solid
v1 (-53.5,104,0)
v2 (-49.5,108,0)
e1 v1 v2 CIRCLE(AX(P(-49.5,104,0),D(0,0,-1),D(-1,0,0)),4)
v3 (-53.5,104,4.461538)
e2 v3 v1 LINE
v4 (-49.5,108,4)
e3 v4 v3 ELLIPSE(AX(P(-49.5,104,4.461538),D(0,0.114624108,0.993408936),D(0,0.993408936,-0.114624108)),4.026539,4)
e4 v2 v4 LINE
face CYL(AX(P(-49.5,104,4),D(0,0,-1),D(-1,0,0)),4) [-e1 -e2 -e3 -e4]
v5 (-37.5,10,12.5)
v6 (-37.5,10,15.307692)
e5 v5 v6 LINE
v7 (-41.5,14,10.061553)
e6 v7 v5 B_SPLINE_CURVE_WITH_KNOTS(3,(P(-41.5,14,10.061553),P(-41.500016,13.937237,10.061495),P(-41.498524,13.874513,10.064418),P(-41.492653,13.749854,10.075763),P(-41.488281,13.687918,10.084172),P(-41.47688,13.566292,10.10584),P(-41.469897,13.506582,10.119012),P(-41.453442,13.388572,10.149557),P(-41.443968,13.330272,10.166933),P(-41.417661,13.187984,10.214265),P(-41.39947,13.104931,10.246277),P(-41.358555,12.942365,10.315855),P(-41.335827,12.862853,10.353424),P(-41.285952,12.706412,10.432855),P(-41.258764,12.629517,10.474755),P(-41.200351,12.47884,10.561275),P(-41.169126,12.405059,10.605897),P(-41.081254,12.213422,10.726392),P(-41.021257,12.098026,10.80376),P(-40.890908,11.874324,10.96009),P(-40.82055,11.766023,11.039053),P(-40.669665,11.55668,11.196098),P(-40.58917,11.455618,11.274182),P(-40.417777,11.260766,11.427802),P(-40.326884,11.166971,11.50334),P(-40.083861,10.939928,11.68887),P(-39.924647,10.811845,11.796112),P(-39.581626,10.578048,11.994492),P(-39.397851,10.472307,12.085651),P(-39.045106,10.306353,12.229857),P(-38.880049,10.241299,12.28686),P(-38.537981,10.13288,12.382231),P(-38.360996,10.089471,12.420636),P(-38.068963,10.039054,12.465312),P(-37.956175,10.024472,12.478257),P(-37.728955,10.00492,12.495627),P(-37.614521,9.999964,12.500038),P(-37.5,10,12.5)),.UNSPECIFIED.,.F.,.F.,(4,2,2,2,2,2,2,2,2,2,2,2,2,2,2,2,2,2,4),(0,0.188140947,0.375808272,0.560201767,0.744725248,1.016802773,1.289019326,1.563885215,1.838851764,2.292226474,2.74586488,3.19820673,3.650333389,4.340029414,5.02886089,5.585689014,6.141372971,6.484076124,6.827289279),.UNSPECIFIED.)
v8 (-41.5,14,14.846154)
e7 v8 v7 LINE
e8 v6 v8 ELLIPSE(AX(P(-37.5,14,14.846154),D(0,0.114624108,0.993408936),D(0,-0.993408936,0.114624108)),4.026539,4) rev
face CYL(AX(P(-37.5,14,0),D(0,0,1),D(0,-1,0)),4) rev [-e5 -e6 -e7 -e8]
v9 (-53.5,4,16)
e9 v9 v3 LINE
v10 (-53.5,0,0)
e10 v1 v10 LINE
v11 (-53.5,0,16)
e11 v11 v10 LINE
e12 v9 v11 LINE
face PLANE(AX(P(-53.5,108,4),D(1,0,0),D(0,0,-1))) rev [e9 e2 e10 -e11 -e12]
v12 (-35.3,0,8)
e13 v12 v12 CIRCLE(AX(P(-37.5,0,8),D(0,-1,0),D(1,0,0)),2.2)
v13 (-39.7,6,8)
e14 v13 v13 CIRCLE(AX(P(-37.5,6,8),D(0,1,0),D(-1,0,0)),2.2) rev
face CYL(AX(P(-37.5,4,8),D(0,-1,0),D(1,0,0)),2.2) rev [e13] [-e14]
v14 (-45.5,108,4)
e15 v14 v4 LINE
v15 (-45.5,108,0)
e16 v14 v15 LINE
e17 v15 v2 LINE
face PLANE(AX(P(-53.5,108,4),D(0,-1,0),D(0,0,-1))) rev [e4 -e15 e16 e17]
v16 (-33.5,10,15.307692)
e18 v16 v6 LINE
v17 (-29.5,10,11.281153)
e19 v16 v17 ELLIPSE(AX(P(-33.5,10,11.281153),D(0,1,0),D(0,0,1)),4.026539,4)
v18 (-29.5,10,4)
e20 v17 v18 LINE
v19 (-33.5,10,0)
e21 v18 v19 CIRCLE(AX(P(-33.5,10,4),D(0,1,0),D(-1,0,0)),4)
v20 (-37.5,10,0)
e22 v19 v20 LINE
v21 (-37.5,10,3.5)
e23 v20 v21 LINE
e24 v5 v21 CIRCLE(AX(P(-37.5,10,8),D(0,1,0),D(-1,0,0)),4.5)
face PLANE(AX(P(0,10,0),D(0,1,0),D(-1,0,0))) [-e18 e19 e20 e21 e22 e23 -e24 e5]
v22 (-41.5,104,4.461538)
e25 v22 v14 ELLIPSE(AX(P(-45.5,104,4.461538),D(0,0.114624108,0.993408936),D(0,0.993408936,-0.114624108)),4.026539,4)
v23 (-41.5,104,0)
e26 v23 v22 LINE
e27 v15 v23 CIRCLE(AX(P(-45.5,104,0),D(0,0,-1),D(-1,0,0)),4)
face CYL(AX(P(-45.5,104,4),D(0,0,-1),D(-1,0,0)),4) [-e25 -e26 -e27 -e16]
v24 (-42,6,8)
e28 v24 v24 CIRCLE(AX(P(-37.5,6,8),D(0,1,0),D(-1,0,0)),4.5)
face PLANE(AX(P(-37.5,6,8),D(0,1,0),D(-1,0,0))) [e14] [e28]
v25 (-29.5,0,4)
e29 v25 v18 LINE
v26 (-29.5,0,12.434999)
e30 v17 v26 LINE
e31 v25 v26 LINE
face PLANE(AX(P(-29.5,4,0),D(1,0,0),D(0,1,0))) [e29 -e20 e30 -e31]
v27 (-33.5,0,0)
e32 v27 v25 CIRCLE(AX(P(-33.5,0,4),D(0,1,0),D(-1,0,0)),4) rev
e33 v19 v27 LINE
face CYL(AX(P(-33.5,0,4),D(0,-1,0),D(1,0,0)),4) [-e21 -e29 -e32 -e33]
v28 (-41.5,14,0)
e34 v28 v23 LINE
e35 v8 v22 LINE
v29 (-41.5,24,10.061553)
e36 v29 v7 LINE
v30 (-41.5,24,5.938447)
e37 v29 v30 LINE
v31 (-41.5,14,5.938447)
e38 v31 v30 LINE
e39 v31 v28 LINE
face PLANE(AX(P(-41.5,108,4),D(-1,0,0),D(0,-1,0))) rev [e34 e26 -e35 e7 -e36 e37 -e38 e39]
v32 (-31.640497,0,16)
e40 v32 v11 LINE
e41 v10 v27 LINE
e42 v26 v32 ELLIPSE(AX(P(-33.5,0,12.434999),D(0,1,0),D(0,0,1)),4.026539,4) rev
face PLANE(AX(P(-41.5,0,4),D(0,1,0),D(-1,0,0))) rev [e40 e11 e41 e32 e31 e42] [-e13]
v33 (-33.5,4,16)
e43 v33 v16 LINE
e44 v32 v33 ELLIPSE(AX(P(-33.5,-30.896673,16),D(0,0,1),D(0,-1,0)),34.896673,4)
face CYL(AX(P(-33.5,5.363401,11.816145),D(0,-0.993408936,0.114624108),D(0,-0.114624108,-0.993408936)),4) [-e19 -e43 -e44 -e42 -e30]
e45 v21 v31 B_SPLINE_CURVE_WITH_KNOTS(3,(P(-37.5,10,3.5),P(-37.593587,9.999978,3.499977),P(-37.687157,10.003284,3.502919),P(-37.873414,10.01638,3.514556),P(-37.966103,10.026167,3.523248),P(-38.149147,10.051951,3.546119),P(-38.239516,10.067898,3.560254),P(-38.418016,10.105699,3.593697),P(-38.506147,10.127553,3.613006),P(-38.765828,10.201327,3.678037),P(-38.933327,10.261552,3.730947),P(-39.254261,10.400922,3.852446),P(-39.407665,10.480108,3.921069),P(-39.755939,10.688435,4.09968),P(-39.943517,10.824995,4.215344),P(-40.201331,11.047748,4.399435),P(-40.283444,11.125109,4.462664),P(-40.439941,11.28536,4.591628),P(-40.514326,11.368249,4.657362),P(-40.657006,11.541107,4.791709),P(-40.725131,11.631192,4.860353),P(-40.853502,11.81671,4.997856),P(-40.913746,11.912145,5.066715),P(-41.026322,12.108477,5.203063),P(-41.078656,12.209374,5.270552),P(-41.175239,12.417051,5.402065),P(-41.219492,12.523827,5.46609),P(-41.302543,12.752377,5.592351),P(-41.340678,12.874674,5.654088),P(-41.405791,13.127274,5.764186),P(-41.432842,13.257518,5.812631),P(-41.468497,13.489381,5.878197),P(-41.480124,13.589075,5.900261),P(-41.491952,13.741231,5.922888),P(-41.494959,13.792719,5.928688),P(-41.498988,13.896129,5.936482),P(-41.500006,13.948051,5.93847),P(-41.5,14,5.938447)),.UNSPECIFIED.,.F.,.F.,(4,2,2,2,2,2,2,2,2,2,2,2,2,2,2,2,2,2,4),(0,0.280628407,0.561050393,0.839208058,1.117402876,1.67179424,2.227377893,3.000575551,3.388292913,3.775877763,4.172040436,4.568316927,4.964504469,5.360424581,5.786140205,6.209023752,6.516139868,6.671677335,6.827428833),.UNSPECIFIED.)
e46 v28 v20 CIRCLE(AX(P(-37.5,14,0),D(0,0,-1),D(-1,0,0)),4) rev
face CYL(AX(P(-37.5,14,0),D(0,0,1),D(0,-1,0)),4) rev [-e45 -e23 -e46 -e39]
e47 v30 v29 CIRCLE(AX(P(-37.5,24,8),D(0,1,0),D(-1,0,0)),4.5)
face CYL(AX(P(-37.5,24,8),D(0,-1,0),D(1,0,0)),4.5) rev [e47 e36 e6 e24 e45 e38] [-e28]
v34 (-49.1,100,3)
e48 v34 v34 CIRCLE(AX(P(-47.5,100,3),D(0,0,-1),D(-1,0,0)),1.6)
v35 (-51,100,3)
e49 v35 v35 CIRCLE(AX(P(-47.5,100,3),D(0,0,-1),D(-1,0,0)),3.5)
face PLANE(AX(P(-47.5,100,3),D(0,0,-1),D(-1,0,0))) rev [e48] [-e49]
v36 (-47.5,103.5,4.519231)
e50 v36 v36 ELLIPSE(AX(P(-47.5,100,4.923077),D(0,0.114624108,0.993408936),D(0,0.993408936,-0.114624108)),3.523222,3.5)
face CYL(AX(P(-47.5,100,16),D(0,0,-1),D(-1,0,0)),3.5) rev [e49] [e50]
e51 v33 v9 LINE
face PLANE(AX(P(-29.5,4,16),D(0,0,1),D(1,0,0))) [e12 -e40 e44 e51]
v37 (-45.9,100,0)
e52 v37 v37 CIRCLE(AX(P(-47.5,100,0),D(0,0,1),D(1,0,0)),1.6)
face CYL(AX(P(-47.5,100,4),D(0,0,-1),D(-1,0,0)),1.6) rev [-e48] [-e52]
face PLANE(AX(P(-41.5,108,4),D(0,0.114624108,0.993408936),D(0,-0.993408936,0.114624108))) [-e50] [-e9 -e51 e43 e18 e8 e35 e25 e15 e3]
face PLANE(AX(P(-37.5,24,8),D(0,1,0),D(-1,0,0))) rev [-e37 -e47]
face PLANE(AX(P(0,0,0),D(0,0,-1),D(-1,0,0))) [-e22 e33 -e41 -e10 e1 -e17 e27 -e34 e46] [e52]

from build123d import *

# Parameters (mm, degrees)
ESQUISSE1_W             = 12
ESQUISSE1_H             = 108
ESQUISSE1_R             = 1.6
BOSS_EXTRU_1_DEPTH      = 4
ESQUISSE2_R             = 2.2
BOSS_EXTRU_2_DEPTH      = 4
BOSS_EXTRU_3_DEPTH      = 12
ESQUISSE4_W             = 12
ESQUISSE4_H             = 16
ESQUISSE4_R             = 2.2
BOSS_EXTRU_4_DEPTH      = 6
ENL_V_MAT_EXTRU_1_DEPTH = 13
ESQUISSE6_R             = 4.5
ENL_V_MAT_EXTRU_2_DEPTH = 14
ESQUISSE8_R             = 4.5
ENL_V_MAT_EXTRU_3_DEPTH = 4
ESQUISSE9_R             = 1.6
ENL_V_MAT_EXTRU_4_DEPTH = 17
ESQUISSE10_R            = 3.5
ENL_V_MAT_EXTRU_5_DEPTH = 14
CONG_1_R                = 4
CONG_2_R                = 4
CONG_3_R                = 4


with BuildPart() as part:
    # Esquisse1 → Boss.-Extru.1 (new body)
    with BuildSketch(Plane.XY):
        with Locations((-47.5, 54)):
            Rectangle(ESQUISSE1_W, ESQUISSE1_H)
        with Locations((-47.5, 100)):
            Circle(ESQUISSE1_R, mode=Mode.SUBTRACT)
    extrude(amount=BOSS_EXTRU_1_DEPTH)

    # Esquisse2 → Boss.-Extru.2 (add)
    with BuildSketch(Plane.XZ):
        Polygon((-41.5, 0), (-29.5, 0), (-29.5, 16), (-53.5, 16), (-53.5, 4), (-41.5, 4), align=None)
        with Locations((-37.5, 8)):
            Circle(ESQUISSE2_R, mode=Mode.SUBTRACT)
    extrude(amount=-BOSS_EXTRU_2_DEPTH)

    # Esquisse3 → Boss.-Extru.3 (add)
    with BuildSketch(Plane.ZY.offset(53.5)):
        Polygon((4, 108), (16, 4), (4, 4), align=None)
    extrude(amount=-BOSS_EXTRU_3_DEPTH)

    # Esquisse4 → Boss.-Extru.4 (add)
    with BuildSketch(Plane(origin=(0, 4, 0), x_dir=(1, 0, 0), z_dir=(0, 1, 0))):
        with Locations((-35.5, -8)):
            Rectangle(ESQUISSE4_W, ESQUISSE4_H)
        with Locations((-37.5, -8)):
            Circle(ESQUISSE4_R, mode=Mode.SUBTRACT)
    extrude(amount=BOSS_EXTRU_4_DEPTH)

    # Esquisse5 → Enlèv. mat.-Extru.1 (cut, through all)
    with BuildSketch(Plane.ZY.offset(41.5)):
        Polygon((15.307692308, 10), (16, 4), (16, 10), align=None)
    extrude(amount=-ENL_V_MAT_EXTRU_1_DEPTH, mode=Mode.SUBTRACT)

    # Esquisse6 → Enlèv. mat.-Extru.2 (cut)
    with BuildSketch(Plane(origin=(0, 10, 0), x_dir=(1, 0, 0), z_dir=(0, 1, 0))):
        with Locations((-37.5, -8)):
            Circle(ESQUISSE6_R)
    extrude(amount=ENL_V_MAT_EXTRU_2_DEPTH, mode=Mode.SUBTRACT)

    # Esquisse8 → Enlèv. mat.-Extru.3 (cut)
    with BuildSketch(Plane(origin=(0, 10, 0), x_dir=(1, 0, 0), z_dir=(0, 1, 0))):
        with Locations((-37.5, -8)):
            Circle(ESQUISSE8_R)
    extrude(amount=-ENL_V_MAT_EXTRU_3_DEPTH, mode=Mode.SUBTRACT)

    # Esquisse9 → Enlèv. mat.-Extru.4 (cut, through all)
    with BuildSketch(Plane(origin=(0, 0, 0), x_dir=(-1, 0, 0), z_dir=(0, 0, -1))):
        with Locations((47.5, 100)):
            Circle(ESQUISSE9_R)
    extrude(amount=-ENL_V_MAT_EXTRU_4_DEPTH, mode=Mode.SUBTRACT)

    # Esquisse10 → Enlèv. mat.-Extru.5 (cut, through all)
    with BuildSketch(Plane(origin=(0, 0, 3), x_dir=(-1, 0, 0), z_dir=(0, 0, -1))):
        with Locations((47.5, 100)):
            Circle(ESQUISSE10_R)
    extrude(amount=-ENL_V_MAT_EXTRU_5_DEPTH, mode=Mode.SUBTRACT)

    # Congé1
    cong_1_edges = [part.edges().sort_by_distance(p)[0] for p in [
        (-41.5, 108, 2),
        (-53.5, 108, 2),
    ]]
    fillet(cong_1_edges, radius=CONG_1_R)

    # Congé2
    cong_2_edges = [part.edges().sort_by_distance(p)[0] for p in [
        (-41.5, 10, 2.969223594),
        (-41.5, 10, 12.68462256),
    ]]
    fillet(cong_2_edges, radius=CONG_2_R)

    # Congé3
    cong_3_edges = [part.edges().sort_by_distance(p)[0] for p in [
        (-29.5, 5, 0),
        (-29.5, 7, 15.653846154),
    ]]
    fillet(cong_3_edges, radius=CONG_3_R)


solid = part.part
